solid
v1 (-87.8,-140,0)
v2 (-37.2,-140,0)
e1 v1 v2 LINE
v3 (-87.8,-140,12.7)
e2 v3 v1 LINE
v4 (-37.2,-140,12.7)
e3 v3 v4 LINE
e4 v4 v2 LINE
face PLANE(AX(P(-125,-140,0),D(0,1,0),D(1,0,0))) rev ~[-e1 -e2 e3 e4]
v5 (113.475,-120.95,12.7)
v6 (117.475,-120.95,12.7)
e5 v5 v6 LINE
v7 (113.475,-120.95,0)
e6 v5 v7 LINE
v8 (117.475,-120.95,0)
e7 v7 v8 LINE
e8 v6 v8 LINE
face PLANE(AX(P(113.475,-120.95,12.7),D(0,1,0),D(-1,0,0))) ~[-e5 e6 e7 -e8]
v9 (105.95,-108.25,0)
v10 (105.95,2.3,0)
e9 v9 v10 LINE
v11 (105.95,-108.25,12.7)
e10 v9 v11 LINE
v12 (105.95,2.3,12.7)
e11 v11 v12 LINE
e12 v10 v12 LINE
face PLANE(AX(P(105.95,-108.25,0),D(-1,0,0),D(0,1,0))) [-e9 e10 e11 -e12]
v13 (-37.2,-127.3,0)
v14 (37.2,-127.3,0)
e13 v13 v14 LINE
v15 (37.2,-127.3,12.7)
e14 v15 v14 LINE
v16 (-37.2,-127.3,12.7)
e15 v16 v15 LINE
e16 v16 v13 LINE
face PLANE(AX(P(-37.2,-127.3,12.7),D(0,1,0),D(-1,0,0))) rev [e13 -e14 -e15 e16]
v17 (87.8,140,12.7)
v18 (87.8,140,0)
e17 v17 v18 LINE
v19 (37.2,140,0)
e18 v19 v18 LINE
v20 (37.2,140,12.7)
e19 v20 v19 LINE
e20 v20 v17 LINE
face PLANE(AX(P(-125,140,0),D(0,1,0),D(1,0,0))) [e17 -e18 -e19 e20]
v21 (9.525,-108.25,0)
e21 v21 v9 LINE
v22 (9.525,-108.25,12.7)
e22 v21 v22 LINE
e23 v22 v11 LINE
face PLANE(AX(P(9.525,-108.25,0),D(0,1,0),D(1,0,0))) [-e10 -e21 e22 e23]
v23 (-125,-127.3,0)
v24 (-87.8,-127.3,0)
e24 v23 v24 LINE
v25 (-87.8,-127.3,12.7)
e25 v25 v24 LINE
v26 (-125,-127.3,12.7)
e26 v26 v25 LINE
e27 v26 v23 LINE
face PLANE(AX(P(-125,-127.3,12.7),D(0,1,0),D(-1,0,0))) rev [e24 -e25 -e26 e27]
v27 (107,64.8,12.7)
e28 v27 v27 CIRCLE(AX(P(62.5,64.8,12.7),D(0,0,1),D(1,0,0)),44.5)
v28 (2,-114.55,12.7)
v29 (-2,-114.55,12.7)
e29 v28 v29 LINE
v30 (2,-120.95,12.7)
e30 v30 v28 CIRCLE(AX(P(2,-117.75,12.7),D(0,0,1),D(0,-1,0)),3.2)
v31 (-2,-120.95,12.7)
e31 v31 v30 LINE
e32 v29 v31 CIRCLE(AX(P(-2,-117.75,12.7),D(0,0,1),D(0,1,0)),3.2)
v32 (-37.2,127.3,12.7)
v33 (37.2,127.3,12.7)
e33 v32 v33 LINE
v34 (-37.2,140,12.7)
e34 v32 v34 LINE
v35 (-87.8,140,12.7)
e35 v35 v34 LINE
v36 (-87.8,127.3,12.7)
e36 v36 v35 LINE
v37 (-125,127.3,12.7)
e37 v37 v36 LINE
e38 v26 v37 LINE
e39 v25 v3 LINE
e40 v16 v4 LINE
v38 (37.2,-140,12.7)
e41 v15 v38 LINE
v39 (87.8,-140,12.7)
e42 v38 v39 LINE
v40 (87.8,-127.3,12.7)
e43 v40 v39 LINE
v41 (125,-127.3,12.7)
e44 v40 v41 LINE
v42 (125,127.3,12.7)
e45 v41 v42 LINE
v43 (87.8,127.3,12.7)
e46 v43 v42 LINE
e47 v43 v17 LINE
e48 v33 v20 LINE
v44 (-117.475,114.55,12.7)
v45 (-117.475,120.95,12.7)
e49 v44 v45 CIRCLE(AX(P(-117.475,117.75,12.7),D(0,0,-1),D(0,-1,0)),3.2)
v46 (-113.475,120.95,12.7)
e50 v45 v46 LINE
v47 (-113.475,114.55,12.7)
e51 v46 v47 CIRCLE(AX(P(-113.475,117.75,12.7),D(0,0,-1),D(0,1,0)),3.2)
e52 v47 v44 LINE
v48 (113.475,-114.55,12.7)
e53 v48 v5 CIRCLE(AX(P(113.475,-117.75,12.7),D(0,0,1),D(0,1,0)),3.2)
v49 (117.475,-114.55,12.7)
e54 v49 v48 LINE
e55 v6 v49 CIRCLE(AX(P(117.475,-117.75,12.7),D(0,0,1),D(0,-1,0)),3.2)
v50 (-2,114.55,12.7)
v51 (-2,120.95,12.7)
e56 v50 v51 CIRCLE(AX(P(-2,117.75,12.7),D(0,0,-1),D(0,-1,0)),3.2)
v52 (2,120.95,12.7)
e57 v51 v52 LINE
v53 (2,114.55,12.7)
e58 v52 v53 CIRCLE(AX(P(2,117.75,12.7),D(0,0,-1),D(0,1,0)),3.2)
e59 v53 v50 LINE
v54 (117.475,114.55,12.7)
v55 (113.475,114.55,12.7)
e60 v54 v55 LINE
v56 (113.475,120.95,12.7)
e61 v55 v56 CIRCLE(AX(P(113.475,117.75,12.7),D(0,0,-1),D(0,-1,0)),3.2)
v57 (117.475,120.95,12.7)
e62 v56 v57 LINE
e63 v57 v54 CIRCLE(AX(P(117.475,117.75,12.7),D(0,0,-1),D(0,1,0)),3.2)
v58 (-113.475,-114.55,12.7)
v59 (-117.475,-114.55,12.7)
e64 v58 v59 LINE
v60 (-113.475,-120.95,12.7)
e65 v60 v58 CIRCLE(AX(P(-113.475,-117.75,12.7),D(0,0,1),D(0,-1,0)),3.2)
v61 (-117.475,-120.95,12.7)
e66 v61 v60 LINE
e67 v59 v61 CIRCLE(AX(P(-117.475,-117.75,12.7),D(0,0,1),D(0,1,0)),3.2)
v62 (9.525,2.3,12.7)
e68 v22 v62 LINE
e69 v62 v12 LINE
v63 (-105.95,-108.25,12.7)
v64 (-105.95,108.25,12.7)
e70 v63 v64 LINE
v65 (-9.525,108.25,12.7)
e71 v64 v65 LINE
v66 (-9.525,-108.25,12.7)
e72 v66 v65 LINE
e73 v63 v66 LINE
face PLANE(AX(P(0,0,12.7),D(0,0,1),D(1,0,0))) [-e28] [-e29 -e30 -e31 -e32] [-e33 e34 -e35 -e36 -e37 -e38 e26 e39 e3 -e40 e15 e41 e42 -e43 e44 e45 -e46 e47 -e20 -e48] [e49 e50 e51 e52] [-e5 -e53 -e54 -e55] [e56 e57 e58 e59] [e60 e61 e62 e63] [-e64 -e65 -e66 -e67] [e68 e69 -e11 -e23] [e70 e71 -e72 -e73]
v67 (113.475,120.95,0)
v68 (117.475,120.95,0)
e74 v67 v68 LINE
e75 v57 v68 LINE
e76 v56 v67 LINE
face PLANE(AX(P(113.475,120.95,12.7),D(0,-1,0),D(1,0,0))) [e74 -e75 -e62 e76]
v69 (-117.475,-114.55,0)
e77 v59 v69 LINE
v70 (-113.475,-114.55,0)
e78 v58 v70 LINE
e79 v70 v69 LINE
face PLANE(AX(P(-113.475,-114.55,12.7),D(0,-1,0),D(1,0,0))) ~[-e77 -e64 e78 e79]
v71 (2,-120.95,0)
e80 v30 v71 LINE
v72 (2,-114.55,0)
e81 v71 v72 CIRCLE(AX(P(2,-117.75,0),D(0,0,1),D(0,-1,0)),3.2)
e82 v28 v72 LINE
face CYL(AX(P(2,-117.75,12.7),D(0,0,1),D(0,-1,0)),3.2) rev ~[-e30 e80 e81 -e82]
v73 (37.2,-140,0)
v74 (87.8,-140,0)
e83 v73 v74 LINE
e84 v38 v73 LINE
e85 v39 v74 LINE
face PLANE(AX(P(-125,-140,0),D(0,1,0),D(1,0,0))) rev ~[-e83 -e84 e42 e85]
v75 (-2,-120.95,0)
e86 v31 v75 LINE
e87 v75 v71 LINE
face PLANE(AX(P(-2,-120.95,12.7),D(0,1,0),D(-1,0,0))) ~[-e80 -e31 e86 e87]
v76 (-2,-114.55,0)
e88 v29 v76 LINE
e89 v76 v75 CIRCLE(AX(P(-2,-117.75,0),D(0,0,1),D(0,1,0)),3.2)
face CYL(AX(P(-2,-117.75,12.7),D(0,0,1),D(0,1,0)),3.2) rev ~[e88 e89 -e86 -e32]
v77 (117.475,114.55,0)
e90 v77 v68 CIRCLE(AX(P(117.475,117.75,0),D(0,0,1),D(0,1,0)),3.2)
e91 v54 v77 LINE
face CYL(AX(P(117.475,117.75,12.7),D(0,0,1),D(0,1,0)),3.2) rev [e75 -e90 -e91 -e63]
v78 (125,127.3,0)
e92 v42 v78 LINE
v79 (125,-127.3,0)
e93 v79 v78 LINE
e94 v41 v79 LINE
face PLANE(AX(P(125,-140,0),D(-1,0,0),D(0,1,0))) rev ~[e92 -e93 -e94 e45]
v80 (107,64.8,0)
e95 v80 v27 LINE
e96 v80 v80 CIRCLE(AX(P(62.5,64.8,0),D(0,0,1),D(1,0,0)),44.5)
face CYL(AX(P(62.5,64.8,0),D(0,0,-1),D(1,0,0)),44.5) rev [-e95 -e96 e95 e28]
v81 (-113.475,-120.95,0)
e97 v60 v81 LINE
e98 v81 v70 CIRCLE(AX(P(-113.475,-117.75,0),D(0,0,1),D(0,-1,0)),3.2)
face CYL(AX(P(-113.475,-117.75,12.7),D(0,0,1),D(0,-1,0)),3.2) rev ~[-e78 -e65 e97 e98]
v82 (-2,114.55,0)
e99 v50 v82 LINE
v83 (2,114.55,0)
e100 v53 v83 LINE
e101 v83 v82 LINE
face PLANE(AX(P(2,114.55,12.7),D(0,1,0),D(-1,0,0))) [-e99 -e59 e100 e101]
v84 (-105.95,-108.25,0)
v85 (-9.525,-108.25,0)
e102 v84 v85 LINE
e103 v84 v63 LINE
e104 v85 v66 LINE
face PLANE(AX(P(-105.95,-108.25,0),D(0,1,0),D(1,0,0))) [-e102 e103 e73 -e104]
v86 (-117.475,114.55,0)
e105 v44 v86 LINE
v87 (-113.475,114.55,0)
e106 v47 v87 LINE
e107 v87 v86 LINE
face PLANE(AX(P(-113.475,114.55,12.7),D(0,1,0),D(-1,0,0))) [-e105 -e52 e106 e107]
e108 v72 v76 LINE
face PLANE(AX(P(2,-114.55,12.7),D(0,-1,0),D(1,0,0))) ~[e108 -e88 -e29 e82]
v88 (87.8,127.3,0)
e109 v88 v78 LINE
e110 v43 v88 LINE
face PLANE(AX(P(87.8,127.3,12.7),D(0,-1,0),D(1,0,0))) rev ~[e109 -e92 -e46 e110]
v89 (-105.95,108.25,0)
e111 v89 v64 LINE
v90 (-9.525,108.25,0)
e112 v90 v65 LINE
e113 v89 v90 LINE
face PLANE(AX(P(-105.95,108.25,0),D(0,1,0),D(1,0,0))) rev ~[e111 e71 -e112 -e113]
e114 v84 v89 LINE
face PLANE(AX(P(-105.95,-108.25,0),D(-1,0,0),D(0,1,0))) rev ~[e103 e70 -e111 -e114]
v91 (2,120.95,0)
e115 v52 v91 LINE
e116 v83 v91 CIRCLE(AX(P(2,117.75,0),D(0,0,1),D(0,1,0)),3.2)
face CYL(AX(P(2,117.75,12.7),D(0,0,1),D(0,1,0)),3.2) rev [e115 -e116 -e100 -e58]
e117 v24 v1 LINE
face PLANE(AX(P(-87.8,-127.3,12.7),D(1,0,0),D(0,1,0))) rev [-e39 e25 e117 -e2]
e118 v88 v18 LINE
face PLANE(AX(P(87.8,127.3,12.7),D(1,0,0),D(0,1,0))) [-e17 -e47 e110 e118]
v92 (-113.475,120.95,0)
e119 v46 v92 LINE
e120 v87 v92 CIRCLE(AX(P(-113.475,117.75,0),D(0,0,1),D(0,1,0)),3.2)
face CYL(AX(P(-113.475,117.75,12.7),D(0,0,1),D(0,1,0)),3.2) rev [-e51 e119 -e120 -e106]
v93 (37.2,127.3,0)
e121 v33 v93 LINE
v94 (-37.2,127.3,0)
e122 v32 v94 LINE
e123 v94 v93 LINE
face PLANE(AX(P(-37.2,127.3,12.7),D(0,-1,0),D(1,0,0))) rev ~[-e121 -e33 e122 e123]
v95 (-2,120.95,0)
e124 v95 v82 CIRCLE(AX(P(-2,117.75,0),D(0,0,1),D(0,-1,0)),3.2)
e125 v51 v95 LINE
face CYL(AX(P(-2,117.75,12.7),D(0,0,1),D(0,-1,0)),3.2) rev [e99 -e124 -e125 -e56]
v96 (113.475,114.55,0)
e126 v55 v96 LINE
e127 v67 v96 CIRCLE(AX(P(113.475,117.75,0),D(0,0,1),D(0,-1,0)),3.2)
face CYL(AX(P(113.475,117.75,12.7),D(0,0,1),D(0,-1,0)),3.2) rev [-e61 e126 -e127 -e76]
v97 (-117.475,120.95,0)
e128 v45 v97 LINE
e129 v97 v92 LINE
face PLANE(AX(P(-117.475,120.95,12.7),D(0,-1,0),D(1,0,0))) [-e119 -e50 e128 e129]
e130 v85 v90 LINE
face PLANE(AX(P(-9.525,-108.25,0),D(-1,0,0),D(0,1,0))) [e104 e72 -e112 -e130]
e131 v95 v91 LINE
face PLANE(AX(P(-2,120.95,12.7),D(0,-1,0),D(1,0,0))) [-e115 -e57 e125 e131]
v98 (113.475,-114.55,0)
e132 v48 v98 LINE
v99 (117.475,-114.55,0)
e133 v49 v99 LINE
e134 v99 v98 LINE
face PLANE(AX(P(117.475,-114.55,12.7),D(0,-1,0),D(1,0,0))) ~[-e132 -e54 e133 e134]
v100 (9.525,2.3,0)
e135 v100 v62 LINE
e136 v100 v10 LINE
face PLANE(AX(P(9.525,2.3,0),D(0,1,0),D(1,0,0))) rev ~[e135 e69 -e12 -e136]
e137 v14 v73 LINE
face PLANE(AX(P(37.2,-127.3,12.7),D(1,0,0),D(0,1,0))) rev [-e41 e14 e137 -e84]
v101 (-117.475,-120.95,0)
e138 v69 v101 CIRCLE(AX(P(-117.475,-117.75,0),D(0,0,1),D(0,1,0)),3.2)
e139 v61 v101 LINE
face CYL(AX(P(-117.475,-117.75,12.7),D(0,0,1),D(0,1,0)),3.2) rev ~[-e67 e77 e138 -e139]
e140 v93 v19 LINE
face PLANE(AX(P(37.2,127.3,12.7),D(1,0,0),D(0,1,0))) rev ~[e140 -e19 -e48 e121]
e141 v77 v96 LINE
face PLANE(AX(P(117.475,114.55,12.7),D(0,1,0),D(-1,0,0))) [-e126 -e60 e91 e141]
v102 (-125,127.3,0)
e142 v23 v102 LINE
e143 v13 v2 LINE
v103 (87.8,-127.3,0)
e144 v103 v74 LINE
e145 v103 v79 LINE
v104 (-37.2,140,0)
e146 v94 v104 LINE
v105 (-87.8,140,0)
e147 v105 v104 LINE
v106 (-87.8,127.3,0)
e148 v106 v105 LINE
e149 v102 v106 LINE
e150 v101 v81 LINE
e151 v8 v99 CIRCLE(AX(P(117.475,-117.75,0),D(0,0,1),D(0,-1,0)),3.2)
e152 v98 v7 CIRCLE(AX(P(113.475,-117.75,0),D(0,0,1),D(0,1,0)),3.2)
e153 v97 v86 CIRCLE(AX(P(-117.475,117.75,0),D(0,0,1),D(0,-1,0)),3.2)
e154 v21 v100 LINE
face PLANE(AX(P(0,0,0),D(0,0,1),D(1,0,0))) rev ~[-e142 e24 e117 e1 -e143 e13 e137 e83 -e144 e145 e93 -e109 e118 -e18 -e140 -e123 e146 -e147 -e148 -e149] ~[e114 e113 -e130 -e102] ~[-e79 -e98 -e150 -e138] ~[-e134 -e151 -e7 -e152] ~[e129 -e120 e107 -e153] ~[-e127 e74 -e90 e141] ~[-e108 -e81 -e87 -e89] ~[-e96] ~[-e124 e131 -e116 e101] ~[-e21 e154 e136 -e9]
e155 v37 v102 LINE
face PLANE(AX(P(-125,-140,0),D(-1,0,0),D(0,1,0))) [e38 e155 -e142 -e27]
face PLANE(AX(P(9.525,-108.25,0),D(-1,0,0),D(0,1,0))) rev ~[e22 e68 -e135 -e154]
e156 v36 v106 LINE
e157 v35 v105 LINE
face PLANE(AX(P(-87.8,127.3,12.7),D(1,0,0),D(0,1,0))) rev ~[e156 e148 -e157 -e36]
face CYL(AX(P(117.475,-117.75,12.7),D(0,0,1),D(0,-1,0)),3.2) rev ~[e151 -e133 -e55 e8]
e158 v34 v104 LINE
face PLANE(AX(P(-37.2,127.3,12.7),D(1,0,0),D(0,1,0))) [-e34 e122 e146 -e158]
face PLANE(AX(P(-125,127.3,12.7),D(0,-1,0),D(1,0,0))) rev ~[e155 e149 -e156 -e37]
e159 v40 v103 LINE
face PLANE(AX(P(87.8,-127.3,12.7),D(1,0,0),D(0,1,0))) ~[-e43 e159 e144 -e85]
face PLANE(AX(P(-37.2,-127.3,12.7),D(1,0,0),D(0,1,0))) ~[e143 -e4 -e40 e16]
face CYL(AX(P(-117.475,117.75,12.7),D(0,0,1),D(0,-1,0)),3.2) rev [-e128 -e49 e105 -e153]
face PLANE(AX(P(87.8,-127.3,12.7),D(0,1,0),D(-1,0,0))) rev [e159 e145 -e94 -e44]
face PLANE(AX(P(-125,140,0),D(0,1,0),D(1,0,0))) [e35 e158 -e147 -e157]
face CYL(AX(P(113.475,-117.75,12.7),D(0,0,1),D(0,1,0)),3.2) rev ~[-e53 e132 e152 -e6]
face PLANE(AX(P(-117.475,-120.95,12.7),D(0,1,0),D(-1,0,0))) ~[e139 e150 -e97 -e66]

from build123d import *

# Parameters (mm, degrees)
CROQUIS1_W              = 250
CROQUIS1_H              = 280
CROQUIS1_R              = 44.5
CROQUIS1_W_2            = 96.425
CROQUIS1_H_2            = 216.5
CROQUIS1_H_3            = 110.55
SALIENTE_EXTRUIR1_DEPTH = 12.7
CROQUIS2_W              = 37.2
CROQUIS2_H              = 12.7
CROQUIS2_W_2            = 74.4
CORTAR_EXTRUIR1_DEPTH   = 13.7


with BuildPart() as part:
    # Croquis1 → Saliente-Extruir1 (new body)
    with BuildSketch(Plane.XY):
        Rectangle(CROQUIS1_W, CROQUIS1_H)
        with Locations((62.5, 64.8)):
            Circle(CROQUIS1_R, mode=Mode.SUBTRACT)
        with Locations((-57.7375, 0)):
            Rectangle(CROQUIS1_W_2, CROQUIS1_H_2, mode=Mode.SUBTRACT)
        with Locations((57.7375, -52.975)):
            Rectangle(CROQUIS1_W_2, CROQUIS1_H_3, mode=Mode.SUBTRACT)
    extrude(amount=SALIENTE_EXTRUIR1_DEPTH)

    # Croquis2 → Cortar-Extruir1 (cut, through all)
    with BuildSketch(Plane.XY.offset(12.7)):
        with Locations((-106.4, 133.65)):
            Rectangle(CROQUIS2_W, CROQUIS2_H)
        with Locations((0, 133.65)):
            Rectangle(CROQUIS2_W_2, CROQUIS2_H)
        with Locations((106.4, 133.65)):
            Rectangle(CROQUIS2_W, CROQUIS2_H)
        with BuildLine():
            Line((-117.475, 120.95), (-113.475, 120.95))
            ThreePointArc((-113.475, 120.95), (-110.275, 117.75), (-113.475, 114.55))
            Line((-113.475, 114.55), (-117.475, 114.55))
            ThreePointArc((-117.475, 114.55), (-120.675, 117.75), (-117.475, 120.95))
        make_face()
        with BuildLine():
            Line((-2, 120.95), (2, 120.95))
            ThreePointArc((2, 120.95), (5.2, 117.75), (2, 114.55))
            Line((2, 114.55), (-2, 114.55))
            ThreePointArc((-2, 114.55), (-5.2, 117.75), (-2, 120.95))
        make_face()
        with BuildLine():
            Line((113.475, 120.95), (117.475, 120.95))
            ThreePointArc((117.475, 120.95), (120.675, 117.75), (117.475, 114.55))
            Line((117.475, 114.55), (113.475, 114.55))
            ThreePointArc((113.475, 114.55), (110.275, 117.75), (113.475, 120.95))
        make_face()
    cortar_extruir1 = extrude(amount=-CORTAR_EXTRUIR1_DEPTH, mode=Mode.SUBTRACT)

    # Simetría1: Cortar-Extruir1 across plane
    add(cortar_extruir1.mirror(Plane.ZX), mode=Mode.SUBTRACT)


solid = part.part
